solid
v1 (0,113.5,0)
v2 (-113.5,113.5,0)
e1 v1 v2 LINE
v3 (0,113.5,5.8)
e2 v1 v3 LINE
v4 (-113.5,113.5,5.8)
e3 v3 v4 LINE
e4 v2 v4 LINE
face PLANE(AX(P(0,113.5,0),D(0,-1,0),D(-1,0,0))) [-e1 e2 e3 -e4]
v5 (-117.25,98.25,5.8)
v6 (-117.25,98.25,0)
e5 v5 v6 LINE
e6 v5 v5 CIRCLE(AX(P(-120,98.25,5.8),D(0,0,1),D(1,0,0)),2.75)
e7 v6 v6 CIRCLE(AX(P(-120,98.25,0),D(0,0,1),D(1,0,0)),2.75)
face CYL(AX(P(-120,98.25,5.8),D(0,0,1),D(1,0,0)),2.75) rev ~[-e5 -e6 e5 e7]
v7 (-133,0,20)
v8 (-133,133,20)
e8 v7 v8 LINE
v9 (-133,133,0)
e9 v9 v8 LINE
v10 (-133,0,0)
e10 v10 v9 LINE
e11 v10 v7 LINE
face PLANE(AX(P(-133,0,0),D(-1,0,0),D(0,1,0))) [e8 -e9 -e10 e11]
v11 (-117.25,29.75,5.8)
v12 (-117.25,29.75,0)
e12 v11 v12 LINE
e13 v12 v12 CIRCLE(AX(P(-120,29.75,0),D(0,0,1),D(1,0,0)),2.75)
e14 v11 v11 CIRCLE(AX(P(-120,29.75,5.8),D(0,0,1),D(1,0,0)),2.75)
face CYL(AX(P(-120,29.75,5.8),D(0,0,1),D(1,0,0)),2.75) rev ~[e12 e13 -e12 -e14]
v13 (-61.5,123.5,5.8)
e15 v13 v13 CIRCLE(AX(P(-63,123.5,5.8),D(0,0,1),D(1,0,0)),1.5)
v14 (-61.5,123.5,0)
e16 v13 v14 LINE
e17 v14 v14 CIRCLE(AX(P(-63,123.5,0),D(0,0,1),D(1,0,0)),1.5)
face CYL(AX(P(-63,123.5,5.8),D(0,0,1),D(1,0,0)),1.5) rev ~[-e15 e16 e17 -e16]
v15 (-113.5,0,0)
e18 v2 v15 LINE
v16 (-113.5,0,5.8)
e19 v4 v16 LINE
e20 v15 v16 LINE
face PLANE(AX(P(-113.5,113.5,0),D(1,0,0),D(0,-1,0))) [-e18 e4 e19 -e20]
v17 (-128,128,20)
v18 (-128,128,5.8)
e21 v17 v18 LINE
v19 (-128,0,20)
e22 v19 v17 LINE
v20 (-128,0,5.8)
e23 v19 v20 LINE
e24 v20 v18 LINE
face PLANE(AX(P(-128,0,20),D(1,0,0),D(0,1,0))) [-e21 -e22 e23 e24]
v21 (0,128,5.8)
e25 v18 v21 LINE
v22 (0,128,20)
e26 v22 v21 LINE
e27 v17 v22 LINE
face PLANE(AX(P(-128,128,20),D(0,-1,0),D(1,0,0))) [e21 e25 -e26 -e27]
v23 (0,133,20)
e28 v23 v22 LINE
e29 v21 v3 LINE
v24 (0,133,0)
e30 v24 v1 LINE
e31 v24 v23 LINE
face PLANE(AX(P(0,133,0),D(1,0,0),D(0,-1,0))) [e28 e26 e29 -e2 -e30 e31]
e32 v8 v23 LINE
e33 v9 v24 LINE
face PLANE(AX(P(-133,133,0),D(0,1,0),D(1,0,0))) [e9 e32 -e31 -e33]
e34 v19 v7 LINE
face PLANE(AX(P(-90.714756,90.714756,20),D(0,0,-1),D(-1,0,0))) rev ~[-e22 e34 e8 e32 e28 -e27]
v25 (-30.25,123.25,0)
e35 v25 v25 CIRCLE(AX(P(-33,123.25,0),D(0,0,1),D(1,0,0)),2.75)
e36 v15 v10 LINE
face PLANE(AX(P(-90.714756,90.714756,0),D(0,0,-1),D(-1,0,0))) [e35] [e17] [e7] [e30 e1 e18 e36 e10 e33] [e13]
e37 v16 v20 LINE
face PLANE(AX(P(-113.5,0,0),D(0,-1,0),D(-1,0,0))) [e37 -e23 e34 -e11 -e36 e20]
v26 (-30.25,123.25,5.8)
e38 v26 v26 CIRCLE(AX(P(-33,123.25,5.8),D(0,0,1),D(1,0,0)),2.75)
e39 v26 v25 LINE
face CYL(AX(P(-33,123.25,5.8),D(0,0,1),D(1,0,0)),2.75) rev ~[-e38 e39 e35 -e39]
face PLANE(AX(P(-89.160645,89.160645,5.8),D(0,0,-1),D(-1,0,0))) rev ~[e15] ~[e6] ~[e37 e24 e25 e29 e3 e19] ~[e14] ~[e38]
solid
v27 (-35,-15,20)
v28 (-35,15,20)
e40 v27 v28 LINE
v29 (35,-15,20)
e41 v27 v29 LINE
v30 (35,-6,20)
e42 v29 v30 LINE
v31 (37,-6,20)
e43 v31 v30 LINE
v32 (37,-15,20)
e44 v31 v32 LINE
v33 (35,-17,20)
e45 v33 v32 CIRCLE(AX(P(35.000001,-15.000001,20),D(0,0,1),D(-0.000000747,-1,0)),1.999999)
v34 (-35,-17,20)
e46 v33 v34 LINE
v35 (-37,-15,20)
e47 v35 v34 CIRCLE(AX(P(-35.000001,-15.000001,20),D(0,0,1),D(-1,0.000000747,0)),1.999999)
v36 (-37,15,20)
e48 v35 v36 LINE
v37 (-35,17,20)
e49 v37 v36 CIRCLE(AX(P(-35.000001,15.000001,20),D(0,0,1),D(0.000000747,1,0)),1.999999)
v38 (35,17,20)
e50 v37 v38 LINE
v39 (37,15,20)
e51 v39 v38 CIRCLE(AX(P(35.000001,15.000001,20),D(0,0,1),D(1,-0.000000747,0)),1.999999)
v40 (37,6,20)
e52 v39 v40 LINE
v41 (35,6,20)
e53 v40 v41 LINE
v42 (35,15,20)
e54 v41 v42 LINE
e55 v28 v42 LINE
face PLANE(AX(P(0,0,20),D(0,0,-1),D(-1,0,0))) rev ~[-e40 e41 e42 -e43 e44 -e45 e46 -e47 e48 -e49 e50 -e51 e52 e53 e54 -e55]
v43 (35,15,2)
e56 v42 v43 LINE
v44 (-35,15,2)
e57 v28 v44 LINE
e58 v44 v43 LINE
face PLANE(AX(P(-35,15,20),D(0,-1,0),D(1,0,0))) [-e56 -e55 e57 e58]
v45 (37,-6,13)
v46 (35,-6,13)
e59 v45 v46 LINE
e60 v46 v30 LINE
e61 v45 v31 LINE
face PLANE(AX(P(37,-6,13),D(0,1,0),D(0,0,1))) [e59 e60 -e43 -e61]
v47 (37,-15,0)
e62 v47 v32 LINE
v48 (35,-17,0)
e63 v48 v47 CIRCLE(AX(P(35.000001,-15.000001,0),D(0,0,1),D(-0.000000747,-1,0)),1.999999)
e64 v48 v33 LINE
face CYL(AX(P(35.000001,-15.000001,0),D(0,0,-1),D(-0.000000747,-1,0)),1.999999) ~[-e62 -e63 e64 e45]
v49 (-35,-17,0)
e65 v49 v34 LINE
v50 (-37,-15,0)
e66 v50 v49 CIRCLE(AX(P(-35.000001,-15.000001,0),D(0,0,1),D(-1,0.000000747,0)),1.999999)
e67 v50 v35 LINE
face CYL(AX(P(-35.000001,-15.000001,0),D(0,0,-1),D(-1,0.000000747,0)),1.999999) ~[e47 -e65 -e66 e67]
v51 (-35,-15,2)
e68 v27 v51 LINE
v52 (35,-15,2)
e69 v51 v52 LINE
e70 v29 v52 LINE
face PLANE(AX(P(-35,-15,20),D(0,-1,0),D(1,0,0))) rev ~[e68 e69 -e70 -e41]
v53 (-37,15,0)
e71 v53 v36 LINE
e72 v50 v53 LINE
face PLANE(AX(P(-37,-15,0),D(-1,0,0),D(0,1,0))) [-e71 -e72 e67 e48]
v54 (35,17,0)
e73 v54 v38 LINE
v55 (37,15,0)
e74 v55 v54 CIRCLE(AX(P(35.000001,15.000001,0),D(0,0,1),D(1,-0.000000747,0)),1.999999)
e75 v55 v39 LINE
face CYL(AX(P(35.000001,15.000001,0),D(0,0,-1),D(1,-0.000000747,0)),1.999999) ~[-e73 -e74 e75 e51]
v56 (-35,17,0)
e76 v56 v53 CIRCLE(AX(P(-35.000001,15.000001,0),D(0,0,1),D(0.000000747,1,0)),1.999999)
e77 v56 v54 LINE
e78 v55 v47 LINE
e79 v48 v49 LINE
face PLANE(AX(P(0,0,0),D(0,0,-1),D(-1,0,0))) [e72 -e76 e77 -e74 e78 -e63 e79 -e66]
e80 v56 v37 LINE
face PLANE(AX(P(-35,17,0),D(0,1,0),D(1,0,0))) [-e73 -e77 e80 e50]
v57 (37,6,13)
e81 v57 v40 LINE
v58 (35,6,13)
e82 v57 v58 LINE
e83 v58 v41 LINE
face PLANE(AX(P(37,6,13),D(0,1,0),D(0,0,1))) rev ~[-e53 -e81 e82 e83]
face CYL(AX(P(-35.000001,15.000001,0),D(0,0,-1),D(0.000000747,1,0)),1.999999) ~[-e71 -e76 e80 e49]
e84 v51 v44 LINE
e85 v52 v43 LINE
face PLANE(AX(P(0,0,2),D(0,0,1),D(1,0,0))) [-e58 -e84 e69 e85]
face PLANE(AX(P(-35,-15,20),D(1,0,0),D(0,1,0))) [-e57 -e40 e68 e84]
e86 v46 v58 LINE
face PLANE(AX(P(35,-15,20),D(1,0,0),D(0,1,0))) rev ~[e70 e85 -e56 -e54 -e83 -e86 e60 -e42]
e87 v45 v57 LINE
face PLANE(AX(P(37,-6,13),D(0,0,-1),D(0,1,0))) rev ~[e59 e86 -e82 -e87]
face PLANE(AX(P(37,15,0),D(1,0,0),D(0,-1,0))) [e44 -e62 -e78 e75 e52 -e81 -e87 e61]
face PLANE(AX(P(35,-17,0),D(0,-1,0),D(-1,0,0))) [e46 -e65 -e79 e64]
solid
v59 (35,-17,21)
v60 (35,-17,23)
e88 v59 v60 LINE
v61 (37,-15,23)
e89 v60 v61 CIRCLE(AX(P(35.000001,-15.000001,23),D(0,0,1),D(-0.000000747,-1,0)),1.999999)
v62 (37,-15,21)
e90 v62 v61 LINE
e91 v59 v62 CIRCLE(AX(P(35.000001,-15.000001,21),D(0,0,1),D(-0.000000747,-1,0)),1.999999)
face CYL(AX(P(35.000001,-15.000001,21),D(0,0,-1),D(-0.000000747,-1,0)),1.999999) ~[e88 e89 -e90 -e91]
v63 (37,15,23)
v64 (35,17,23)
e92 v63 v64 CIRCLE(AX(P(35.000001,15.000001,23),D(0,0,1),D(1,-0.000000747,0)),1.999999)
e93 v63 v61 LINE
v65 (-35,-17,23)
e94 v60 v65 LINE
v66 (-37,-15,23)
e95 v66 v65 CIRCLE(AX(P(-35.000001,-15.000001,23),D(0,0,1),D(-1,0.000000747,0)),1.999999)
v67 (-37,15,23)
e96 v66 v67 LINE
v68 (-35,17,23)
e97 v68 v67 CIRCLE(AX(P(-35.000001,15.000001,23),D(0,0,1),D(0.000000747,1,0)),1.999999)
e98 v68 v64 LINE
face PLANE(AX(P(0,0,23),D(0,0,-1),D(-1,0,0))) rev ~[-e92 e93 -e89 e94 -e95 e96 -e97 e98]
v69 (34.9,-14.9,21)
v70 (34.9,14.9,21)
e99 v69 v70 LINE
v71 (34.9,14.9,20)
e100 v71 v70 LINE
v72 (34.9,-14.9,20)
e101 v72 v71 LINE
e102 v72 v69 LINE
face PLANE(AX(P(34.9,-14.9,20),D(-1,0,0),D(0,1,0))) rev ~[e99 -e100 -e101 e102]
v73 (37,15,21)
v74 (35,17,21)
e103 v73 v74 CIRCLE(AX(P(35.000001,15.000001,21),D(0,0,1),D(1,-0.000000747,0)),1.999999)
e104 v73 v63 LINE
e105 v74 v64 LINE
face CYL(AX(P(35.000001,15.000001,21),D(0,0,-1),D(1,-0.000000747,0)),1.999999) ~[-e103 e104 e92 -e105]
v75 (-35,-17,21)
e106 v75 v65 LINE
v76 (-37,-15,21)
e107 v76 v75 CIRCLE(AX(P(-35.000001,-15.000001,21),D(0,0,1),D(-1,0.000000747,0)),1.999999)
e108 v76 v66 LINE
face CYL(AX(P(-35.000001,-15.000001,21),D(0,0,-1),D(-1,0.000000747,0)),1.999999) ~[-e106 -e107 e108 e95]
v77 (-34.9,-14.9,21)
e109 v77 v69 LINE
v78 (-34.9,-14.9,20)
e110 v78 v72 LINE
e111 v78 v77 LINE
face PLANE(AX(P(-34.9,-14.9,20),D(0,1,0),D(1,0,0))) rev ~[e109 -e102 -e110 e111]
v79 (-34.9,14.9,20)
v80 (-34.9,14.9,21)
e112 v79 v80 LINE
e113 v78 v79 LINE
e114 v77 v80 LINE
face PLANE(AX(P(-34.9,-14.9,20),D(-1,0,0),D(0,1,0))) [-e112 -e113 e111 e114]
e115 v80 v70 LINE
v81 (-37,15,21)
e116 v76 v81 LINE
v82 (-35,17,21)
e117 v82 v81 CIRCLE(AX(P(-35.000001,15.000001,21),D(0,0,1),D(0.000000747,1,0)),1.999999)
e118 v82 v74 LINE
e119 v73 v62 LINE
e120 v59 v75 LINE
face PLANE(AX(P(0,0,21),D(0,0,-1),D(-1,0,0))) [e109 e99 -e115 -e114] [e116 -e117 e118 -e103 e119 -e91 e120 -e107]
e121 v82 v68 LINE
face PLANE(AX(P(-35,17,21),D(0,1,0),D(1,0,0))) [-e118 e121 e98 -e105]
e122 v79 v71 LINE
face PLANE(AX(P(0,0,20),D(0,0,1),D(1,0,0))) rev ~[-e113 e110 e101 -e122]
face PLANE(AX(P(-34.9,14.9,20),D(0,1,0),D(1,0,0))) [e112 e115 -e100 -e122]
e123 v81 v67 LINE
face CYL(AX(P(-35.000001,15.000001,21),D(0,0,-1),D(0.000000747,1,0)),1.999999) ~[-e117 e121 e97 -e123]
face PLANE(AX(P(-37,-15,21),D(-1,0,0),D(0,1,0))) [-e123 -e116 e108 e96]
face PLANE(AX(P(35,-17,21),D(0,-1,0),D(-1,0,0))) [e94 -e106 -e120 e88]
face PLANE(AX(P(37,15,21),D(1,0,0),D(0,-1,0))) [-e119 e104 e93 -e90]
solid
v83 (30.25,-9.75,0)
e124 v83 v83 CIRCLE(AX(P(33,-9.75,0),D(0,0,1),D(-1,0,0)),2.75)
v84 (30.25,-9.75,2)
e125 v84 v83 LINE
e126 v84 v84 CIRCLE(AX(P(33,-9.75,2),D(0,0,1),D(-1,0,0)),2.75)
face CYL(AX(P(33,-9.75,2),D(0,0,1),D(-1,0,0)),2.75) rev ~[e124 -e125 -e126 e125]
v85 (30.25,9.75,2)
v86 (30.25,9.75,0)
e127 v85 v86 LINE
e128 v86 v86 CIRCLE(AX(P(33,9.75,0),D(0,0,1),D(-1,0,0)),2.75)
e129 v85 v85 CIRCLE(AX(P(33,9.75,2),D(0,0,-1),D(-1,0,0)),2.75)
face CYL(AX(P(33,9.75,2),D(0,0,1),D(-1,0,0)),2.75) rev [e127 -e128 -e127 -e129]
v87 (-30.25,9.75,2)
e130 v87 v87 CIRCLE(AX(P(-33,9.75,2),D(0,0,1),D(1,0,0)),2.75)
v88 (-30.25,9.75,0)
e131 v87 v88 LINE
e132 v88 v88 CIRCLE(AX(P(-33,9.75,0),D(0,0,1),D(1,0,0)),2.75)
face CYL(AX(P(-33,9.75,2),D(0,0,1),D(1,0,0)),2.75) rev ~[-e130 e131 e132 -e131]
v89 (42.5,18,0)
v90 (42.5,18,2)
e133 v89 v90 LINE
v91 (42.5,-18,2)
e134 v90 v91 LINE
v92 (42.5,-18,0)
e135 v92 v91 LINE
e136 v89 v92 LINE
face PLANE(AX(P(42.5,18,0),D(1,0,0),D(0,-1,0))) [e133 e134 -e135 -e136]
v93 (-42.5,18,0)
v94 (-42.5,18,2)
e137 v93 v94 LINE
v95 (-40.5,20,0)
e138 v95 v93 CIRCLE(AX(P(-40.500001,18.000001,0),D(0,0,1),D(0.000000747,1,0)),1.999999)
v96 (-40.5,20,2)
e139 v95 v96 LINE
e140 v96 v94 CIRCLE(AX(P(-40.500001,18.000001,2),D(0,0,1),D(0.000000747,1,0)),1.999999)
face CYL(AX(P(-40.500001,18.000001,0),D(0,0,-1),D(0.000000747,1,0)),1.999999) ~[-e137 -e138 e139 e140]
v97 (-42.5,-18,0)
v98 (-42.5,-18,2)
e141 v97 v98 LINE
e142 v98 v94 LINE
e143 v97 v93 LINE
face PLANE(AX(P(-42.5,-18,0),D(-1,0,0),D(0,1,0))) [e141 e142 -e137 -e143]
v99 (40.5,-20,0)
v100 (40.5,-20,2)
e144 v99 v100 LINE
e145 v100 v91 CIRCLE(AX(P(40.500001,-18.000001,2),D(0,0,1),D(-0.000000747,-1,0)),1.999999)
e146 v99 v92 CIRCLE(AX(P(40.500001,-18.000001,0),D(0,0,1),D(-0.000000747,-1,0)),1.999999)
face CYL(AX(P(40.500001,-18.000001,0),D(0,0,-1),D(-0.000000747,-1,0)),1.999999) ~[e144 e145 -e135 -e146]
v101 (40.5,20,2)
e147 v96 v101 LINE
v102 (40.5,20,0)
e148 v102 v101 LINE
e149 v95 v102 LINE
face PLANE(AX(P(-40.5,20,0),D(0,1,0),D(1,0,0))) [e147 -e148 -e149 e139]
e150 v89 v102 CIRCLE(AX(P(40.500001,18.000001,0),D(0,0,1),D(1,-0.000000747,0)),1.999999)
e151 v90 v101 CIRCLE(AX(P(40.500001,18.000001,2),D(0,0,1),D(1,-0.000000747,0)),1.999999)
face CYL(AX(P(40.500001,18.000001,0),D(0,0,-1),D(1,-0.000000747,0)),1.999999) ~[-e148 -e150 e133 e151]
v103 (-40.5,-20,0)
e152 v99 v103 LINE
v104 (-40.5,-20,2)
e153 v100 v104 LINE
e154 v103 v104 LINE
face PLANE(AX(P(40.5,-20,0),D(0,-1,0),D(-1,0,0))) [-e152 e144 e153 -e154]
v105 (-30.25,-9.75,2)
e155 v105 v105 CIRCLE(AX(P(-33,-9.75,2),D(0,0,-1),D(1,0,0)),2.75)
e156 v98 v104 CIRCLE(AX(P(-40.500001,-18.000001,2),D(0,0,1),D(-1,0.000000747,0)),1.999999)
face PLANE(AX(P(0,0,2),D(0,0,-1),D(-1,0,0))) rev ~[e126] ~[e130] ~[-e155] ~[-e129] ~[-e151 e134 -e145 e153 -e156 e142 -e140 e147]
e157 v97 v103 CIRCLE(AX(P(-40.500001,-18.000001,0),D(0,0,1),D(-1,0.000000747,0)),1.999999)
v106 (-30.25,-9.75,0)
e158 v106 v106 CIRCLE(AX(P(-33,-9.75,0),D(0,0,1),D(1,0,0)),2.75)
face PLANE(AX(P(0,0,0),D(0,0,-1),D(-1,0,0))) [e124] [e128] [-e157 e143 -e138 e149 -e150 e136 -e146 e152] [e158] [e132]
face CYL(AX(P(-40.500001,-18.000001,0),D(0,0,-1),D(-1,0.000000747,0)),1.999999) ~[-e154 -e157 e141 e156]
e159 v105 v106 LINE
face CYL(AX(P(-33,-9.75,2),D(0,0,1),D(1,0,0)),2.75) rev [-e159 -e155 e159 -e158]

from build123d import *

# Parameters (mm, degrees)
PAD_DEPTH                   = 20
POCKET_DEPTH                = 14.2
SKETCH002_R                 = 2.75
HOLE_DEPTH                  = 25
SKETCH003_R                 = 1.5
HOLE001_DEPTH               = 25
PAD001_DEPTH                = 2
SKETCH005_R                 = 2.75
HOLE002_DEPTH               = 25
SKETCH005_MIRRORED002_2_R   = 2.75
HOLE002_MIRRORED002_2_DEPTH = 25
PAD002_DEPTH                = 20
SKETCH007_W                 = 70
SKETCH007_H                 = 30
POCKET001_DEPTH             = 18
SKETCH010_W                 = 12
SKETCH010_H                 = 7
POCKET002_DEPTH             = 5
SKETCH009_W                 = 69.8
SKETCH009_H                 = 29.8
PAD003_DEPTH                = 1
PAD004_DEPTH                = 2


with BuildPart() as bezel:
    # Sketch001 → Pad (new body)
    with BuildSketch(Plane.XY):
        Polygon((-133, 133), (0, 133), (0, 113.5), (-113.5, 113.5), (-113.5, 0), (-133, 0), align=None)
    extrude(amount=PAD_DEPTH)

    # Sketch → Pocket (cut)
    with BuildSketch(Plane.XY.offset(20)):
        Polygon((-128, 128), (0, 128), (0, 113.5), (-113.5, 113.5), (-113.5, 0), (-128, 0), align=None)
    extrude(amount=-POCKET_DEPTH, mode=Mode.SUBTRACT)

    # Sketch002 → Hole (cut)
    with BuildSketch(Plane.XY.offset(5.8)):
        with Locations((-120, 29.75)):
            Circle(SKETCH002_R)
        with Locations((-33, 123.25)):
            Circle(SKETCH002_R)
        with Locations((-120, 98.25)):
            Circle(SKETCH002_R)
    extrude(amount=-HOLE_DEPTH, mode=Mode.SUBTRACT)

    # Sketch003 → Hole001 (cut)
    with BuildSketch(Plane.XY.offset(5.8)):
        with Locations((-63, 123.5)):
            Circle(SKETCH003_R)
    extrude(amount=-HOLE001_DEPTH, mode=Mode.SUBTRACT)


with BuildPart() as center_bracket:
    # Sketch004 → Pad001 (new body)
    with BuildSketch(Plane.XY):
        with BuildLine():
            Line((-40.5, 20), (40.5, 20))
            ThreePointArc((42.5, 18), (41.914214, 19.414214), (40.5, 20))
            Line((42.5, 18), (42.5, -18))
            ThreePointArc((40.5, -20), (41.914214, -19.414214), (42.5, -18))
            Line((40.5, -20), (-40.5, -20))
            ThreePointArc((-42.5, -18), (-41.914214, -19.414214), (-40.5, -20))
            Line((-42.5, -18), (-42.5, 18))
            ThreePointArc((-40.5, 20), (-41.914214, 19.414214), (-42.5, 18))
        make_face()
    extrude(amount=PAD001_DEPTH)

    # Sketch005 → Hole002 (cut)
    with BuildSketch(Plane.XY.offset(2)):
        with Locations((-33, 9.75)):
            Circle(SKETCH005_R)
    hole002 = extrude(amount=-HOLE002_DEPTH, mode=Mode.SUBTRACT)

    # Sketch005 Mirrored002 2 → Hole002 Mirrored002 2 (cut)
    with BuildSketch(Plane(origin=(0, 0, 2), x_dir=(-1, 0, 0), z_dir=(0, 0, -1))):
        with Locations((-33, 9.75)):
            Circle(SKETCH005_MIRRORED002_2_R)
    hole002_mirrored002_2 = extrude(amount=HOLE002_MIRRORED002_2_DEPTH, mode=Mode.SUBTRACT)

    # Mirrored003: Hole002, Hole002 Mirrored002 2 across XZ
    add(hole002.mirror(Plane.XZ), mode=Mode.SUBTRACT)
    add(hole002_mirrored002_2.mirror(Plane.XZ), mode=Mode.SUBTRACT)


with BuildPart() as pico_case:
    # Sketch006 → Pad002 (new body)
    with BuildSketch(Plane.XY):
        with BuildLine():
            Line((-35, 17), (35, 17))
            ThreePointArc((37, 15), (36.414214, 16.414214), (35, 17))
            Line((37, 15), (37, -15))
            ThreePointArc((35, -17), (36.414214, -16.414214), (37, -15))
            Line((35, -17), (-35, -17))
            ThreePointArc((-37, -15), (-36.414214, -16.414214), (-35, -17))
            Line((-37, -15), (-37, 15))
            ThreePointArc((-35, 17), (-36.414214, 16.414214), (-37, 15))
        make_face()
    extrude(amount=PAD002_DEPTH)

    # Sketch007 → Pocket001 (cut)
    with BuildSketch(Plane.XY.offset(20)):
        Rectangle(SKETCH007_W, SKETCH007_H)
    extrude(amount=-POCKET001_DEPTH, mode=Mode.SUBTRACT)

    # Sketch010 → Pocket002 (cut)
    with BuildSketch(Plane.YZ.offset(37)):
        with Locations((0, 16.5)):
            Rectangle(SKETCH010_W, SKETCH010_H)
    extrude(amount=-POCKET002_DEPTH, mode=Mode.SUBTRACT)


with BuildPart() as lid:
    # Sketch009 → Pad003 (new body)
    with BuildSketch(Plane.XY.offset(20)):
        Rectangle(SKETCH009_W, SKETCH009_H)
    extrude(amount=PAD003_DEPTH)

    # Sketch008 → Pad004 (join)
    with BuildSketch(Plane.XY.offset(21)):
        with BuildLine():
            Line((-35, 17), (35, 17))
            ThreePointArc((37, 15), (36.414214, 16.414214), (35, 17))
            Line((37, 15), (37, -15))
            ThreePointArc((35, -17), (36.414214, -16.414214), (37, -15))
            Line((35, -17), (-35, -17))
            ThreePointArc((-37, -15), (-36.414214, -16.414214), (-35, -17))
            Line((-37, -15), (-37, 15))
            ThreePointArc((-35, 17), (-36.414214, 16.414214), (-37, 15))
        make_face()
    extrude(amount=PAD004_DEPTH)


solid = Compound([bezel.part, center_bracket.part, pico_case.part, lid.part])
